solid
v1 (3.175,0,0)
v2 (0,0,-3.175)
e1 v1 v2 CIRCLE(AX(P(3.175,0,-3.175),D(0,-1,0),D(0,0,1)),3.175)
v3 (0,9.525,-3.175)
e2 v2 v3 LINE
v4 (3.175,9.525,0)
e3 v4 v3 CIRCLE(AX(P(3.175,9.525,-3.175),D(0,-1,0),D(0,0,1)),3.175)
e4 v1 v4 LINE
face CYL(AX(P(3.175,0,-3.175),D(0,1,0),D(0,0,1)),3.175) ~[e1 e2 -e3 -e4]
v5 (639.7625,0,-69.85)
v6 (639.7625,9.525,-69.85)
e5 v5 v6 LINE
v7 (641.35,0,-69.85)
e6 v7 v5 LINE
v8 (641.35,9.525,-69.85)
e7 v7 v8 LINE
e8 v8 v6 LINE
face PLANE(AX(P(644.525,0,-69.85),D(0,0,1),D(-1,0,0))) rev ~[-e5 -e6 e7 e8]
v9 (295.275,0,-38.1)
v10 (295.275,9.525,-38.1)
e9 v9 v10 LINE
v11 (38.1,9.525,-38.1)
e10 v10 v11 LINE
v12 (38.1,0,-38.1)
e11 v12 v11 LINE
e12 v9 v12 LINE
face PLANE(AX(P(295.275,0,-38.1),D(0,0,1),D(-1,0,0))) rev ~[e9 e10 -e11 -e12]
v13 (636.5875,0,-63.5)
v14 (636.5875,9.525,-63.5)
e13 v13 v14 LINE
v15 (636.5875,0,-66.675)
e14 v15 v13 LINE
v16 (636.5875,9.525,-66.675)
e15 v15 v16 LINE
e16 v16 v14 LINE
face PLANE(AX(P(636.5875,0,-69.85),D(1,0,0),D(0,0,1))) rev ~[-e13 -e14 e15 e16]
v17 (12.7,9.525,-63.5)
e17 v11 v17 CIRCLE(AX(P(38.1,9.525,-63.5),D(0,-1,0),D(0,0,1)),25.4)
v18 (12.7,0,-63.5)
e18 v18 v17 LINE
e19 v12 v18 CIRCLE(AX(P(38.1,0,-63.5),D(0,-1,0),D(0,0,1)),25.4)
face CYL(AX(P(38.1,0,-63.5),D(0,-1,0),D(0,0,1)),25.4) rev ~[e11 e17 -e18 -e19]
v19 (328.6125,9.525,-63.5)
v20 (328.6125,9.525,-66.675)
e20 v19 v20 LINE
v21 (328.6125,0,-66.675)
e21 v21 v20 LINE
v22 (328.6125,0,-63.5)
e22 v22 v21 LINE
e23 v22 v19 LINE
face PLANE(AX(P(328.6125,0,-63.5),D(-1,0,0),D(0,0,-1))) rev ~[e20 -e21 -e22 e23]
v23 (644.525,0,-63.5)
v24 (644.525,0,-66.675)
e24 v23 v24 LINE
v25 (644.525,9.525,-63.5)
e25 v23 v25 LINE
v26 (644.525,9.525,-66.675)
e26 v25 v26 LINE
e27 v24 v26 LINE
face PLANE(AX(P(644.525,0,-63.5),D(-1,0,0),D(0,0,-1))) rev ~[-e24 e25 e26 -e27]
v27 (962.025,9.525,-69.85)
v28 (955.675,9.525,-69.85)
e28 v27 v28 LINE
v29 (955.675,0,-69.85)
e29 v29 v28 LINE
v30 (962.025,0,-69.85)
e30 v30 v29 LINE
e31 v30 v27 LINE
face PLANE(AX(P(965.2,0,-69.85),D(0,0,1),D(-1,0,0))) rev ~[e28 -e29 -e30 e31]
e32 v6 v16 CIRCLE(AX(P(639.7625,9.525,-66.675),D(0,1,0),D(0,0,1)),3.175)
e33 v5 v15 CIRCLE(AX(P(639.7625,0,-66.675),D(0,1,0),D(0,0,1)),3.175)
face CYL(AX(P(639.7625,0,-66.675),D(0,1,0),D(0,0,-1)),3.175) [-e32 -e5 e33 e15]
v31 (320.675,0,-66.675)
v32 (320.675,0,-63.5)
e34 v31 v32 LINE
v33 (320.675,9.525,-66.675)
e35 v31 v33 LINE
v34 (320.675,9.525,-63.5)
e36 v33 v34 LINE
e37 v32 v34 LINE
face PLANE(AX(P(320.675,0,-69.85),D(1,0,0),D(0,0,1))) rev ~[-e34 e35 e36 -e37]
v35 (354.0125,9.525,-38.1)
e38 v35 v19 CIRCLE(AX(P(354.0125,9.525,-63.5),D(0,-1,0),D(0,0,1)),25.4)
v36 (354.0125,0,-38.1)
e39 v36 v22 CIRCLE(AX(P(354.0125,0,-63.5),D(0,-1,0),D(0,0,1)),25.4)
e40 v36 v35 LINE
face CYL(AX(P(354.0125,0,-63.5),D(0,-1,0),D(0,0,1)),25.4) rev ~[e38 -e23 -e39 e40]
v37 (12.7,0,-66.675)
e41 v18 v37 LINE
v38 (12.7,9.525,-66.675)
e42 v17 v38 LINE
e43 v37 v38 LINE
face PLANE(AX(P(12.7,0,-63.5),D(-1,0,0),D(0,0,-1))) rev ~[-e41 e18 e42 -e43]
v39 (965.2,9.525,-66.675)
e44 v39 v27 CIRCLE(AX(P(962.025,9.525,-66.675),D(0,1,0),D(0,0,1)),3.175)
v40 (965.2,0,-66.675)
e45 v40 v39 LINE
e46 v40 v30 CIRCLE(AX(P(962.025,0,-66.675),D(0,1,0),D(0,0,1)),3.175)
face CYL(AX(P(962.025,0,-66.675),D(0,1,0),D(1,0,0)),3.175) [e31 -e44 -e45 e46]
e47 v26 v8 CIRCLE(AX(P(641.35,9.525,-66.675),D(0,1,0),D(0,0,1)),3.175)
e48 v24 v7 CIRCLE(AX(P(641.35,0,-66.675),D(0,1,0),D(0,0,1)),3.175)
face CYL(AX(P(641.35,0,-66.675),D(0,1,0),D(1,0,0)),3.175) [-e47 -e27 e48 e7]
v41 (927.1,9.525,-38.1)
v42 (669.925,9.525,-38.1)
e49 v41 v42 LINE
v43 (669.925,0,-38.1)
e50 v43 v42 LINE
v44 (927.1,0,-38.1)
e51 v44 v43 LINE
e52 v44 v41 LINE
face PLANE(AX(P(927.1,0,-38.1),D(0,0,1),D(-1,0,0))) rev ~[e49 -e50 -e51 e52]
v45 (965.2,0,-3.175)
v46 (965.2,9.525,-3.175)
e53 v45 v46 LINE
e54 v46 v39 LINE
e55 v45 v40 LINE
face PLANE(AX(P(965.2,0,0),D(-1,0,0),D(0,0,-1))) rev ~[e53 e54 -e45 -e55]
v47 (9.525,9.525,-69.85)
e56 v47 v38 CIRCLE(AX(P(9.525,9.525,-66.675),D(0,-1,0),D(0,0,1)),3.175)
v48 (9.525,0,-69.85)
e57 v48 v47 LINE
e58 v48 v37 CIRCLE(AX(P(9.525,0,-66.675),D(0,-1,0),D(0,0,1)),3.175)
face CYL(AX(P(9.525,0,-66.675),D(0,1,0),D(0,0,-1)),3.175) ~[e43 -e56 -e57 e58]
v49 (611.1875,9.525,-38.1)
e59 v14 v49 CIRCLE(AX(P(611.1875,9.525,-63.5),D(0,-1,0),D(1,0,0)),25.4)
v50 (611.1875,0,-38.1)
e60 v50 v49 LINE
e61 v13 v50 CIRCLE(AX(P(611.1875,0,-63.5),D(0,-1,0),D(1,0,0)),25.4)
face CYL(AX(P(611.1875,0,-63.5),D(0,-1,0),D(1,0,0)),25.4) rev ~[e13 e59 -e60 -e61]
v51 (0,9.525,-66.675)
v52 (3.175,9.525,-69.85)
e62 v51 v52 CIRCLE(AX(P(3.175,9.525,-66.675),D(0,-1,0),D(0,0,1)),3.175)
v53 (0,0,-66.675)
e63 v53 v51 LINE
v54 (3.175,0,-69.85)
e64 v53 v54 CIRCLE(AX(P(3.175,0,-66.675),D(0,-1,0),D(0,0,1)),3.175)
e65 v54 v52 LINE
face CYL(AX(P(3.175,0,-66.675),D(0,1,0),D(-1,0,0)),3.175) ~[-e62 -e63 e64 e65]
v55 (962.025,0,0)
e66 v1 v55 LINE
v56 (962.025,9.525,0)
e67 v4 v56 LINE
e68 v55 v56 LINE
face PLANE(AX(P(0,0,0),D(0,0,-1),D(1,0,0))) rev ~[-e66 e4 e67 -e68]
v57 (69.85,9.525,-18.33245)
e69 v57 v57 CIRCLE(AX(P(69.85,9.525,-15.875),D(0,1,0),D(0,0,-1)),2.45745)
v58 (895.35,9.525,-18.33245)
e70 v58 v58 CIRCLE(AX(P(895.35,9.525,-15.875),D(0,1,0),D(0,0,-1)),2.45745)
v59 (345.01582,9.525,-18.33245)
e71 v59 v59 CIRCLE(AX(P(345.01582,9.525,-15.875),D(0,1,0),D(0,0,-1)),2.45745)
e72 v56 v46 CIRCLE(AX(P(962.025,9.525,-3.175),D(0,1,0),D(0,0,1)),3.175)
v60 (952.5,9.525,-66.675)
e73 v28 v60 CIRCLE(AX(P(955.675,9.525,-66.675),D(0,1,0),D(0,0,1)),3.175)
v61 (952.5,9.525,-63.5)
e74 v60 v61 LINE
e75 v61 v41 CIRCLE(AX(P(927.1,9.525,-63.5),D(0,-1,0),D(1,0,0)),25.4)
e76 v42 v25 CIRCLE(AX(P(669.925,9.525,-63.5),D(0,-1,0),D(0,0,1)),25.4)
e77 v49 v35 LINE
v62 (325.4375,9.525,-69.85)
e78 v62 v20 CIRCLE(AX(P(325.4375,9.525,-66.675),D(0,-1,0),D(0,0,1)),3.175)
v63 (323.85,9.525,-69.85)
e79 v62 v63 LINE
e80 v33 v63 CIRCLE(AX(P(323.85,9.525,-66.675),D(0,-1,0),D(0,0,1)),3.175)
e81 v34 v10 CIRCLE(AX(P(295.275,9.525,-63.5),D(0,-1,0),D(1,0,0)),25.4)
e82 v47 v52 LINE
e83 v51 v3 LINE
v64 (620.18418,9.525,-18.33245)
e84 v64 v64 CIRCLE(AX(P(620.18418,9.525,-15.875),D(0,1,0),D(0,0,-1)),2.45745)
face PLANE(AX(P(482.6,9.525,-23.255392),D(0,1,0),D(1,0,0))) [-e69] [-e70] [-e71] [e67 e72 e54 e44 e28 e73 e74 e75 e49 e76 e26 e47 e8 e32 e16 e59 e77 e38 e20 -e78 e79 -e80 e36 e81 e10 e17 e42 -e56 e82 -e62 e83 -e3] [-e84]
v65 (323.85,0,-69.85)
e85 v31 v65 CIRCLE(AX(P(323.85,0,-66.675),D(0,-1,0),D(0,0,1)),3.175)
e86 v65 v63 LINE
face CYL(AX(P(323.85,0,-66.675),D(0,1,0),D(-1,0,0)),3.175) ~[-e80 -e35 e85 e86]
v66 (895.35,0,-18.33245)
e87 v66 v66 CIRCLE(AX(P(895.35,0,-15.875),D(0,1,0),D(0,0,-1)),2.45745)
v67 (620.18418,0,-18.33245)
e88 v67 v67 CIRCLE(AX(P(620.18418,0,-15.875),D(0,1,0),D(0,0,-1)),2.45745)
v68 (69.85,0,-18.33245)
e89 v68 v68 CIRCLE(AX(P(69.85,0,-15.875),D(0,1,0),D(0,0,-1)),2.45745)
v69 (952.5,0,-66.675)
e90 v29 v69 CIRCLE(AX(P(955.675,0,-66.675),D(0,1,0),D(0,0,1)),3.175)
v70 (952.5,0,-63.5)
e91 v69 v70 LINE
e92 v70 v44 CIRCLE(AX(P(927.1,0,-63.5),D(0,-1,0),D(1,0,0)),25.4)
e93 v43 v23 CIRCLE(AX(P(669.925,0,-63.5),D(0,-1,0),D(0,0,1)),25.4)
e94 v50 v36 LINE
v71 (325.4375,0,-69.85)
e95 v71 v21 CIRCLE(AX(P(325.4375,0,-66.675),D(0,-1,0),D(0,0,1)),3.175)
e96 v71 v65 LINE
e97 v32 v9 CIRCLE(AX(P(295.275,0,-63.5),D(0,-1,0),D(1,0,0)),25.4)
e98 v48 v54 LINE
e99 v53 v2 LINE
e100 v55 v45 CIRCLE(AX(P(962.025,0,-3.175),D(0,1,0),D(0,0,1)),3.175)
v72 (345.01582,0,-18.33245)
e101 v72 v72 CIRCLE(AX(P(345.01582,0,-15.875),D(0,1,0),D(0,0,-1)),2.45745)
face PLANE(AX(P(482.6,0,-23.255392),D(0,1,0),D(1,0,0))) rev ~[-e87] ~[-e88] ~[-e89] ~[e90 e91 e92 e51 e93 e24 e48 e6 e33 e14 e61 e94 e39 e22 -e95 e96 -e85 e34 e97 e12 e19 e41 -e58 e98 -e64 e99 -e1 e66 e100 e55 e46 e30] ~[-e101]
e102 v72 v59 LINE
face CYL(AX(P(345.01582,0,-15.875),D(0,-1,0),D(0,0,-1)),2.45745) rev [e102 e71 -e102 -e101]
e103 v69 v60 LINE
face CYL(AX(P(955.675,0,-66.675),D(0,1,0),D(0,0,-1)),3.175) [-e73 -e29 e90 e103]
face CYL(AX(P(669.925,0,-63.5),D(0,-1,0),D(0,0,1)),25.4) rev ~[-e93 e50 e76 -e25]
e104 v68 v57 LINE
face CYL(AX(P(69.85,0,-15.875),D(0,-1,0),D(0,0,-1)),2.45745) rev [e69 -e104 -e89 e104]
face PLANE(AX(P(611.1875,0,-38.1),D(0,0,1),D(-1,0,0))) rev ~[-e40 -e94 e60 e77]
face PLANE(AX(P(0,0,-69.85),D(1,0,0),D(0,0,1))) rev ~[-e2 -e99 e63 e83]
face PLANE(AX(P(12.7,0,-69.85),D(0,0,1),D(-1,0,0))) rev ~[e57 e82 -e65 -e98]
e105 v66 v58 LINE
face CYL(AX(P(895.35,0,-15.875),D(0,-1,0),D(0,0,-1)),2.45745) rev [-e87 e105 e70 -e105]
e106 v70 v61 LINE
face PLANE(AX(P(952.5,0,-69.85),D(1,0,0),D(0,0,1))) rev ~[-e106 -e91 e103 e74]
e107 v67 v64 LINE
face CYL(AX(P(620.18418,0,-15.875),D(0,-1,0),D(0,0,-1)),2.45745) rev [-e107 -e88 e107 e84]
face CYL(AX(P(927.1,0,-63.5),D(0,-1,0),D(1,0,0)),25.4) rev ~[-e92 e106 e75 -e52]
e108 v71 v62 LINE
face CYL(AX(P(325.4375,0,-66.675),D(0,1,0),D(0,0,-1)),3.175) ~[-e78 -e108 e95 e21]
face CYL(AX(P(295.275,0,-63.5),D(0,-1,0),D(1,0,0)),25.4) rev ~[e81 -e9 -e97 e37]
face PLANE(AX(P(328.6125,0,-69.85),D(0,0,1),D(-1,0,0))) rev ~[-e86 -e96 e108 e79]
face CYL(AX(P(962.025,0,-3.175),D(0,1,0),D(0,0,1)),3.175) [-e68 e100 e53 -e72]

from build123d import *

# Parameters (mm, degrees)
SKETCH1_R           = 2.45745
BOSS_EXTRUDE1_DEPTH = 9.525
FILLET1_R           = 3.175


with BuildPart() as part:
    # Sketch1 → Boss-Extrude1 (new body)
    with BuildSketch(Plane(origin=(0, 0, 0), x_dir=(1, 0, 0), z_dir=(0, 1, 0))):
        with BuildLine():
            Line((0, 0), (965.2, 0))
            Line((965.2, 0), (965.2, 69.85))
            Line((965.2, 69.85), (952.5, 69.85))
            Line((952.5, 69.85), (952.5, 63.5))
            ThreePointArc((952.5, 63.5), (945.060512242, 45.539487758), (927.1, 38.1))
            Line((927.1, 38.1), (669.925, 38.1))
            ThreePointArc((669.925, 38.1), (651.964487758, 45.539487758), (644.525, 63.5))
            Line((644.525, 63.5), (644.525, 69.85))
            Line((644.525, 69.85), (636.5875, 69.85))
            Line((636.5875, 69.85), (636.5875, 63.5))
            ThreePointArc((636.5875, 63.5), (629.148012242, 45.539487758), (611.1875, 38.1))
            Line((611.1875, 38.1), (354.0125, 38.1))
            ThreePointArc((354.0125, 38.1), (336.051987758, 45.539487758), (328.6125, 63.5))
            Line((328.6125, 63.5), (328.6125, 69.85))
            Line((328.6125, 69.85), (320.675, 69.85))
            Line((320.675, 69.85), (320.675, 63.5))
            ThreePointArc((320.675, 63.5), (313.235512242, 45.539487758), (295.275, 38.1))
            Line((295.275, 38.1), (38.1, 38.1))
            ThreePointArc((38.1, 38.1), (20.139487758, 45.539487758), (12.7, 63.5))
            Line((12.7, 63.5), (12.7, 69.85))
            Line((12.7, 69.85), (0, 69.85))
            Line((0, 69.85), (0, 0))
        make_face()
        with Locations(Location((69.85, 15.875, 0), (0, 0, 90))):
            Circle(SKETCH1_R, mode=Mode.SUBTRACT)
        with Locations(Location((345.01582, 15.875, 0), (0, 0, 90))):
            Circle(SKETCH1_R, mode=Mode.SUBTRACT)
        with Locations(Location((895.35, 15.875, 0), (0, 0, 90))):
            Circle(SKETCH1_R, mode=Mode.SUBTRACT)
        with Locations(Location((620.18418, 15.875, 0), (0, 0, 90))):
            Circle(SKETCH1_R, mode=Mode.SUBTRACT)
    extrude(amount=BOSS_EXTRUDE1_DEPTH)

    # Fillet1
    fillet1_edges = [part.edges().sort_by_distance(p)[0] for p in [
        (0, 4.7625, -69.85),
        (12.7, 4.7625, -69.85),
        (320.675, 4.7625, -69.85),
        (328.6125, 4.7625, -69.85),
        (636.5875, 4.7625, -69.85),
        (644.525, 4.7625, -69.85),
        (952.5, 4.7625, -69.85),
        (965.2, 4.7625, -69.85),
        (965.2, 4.7625, 0),
        (0, 4.7625, 0),
    ]]
    fillet(fillet1_edges, radius=FILLET1_R)


solid = part.part
